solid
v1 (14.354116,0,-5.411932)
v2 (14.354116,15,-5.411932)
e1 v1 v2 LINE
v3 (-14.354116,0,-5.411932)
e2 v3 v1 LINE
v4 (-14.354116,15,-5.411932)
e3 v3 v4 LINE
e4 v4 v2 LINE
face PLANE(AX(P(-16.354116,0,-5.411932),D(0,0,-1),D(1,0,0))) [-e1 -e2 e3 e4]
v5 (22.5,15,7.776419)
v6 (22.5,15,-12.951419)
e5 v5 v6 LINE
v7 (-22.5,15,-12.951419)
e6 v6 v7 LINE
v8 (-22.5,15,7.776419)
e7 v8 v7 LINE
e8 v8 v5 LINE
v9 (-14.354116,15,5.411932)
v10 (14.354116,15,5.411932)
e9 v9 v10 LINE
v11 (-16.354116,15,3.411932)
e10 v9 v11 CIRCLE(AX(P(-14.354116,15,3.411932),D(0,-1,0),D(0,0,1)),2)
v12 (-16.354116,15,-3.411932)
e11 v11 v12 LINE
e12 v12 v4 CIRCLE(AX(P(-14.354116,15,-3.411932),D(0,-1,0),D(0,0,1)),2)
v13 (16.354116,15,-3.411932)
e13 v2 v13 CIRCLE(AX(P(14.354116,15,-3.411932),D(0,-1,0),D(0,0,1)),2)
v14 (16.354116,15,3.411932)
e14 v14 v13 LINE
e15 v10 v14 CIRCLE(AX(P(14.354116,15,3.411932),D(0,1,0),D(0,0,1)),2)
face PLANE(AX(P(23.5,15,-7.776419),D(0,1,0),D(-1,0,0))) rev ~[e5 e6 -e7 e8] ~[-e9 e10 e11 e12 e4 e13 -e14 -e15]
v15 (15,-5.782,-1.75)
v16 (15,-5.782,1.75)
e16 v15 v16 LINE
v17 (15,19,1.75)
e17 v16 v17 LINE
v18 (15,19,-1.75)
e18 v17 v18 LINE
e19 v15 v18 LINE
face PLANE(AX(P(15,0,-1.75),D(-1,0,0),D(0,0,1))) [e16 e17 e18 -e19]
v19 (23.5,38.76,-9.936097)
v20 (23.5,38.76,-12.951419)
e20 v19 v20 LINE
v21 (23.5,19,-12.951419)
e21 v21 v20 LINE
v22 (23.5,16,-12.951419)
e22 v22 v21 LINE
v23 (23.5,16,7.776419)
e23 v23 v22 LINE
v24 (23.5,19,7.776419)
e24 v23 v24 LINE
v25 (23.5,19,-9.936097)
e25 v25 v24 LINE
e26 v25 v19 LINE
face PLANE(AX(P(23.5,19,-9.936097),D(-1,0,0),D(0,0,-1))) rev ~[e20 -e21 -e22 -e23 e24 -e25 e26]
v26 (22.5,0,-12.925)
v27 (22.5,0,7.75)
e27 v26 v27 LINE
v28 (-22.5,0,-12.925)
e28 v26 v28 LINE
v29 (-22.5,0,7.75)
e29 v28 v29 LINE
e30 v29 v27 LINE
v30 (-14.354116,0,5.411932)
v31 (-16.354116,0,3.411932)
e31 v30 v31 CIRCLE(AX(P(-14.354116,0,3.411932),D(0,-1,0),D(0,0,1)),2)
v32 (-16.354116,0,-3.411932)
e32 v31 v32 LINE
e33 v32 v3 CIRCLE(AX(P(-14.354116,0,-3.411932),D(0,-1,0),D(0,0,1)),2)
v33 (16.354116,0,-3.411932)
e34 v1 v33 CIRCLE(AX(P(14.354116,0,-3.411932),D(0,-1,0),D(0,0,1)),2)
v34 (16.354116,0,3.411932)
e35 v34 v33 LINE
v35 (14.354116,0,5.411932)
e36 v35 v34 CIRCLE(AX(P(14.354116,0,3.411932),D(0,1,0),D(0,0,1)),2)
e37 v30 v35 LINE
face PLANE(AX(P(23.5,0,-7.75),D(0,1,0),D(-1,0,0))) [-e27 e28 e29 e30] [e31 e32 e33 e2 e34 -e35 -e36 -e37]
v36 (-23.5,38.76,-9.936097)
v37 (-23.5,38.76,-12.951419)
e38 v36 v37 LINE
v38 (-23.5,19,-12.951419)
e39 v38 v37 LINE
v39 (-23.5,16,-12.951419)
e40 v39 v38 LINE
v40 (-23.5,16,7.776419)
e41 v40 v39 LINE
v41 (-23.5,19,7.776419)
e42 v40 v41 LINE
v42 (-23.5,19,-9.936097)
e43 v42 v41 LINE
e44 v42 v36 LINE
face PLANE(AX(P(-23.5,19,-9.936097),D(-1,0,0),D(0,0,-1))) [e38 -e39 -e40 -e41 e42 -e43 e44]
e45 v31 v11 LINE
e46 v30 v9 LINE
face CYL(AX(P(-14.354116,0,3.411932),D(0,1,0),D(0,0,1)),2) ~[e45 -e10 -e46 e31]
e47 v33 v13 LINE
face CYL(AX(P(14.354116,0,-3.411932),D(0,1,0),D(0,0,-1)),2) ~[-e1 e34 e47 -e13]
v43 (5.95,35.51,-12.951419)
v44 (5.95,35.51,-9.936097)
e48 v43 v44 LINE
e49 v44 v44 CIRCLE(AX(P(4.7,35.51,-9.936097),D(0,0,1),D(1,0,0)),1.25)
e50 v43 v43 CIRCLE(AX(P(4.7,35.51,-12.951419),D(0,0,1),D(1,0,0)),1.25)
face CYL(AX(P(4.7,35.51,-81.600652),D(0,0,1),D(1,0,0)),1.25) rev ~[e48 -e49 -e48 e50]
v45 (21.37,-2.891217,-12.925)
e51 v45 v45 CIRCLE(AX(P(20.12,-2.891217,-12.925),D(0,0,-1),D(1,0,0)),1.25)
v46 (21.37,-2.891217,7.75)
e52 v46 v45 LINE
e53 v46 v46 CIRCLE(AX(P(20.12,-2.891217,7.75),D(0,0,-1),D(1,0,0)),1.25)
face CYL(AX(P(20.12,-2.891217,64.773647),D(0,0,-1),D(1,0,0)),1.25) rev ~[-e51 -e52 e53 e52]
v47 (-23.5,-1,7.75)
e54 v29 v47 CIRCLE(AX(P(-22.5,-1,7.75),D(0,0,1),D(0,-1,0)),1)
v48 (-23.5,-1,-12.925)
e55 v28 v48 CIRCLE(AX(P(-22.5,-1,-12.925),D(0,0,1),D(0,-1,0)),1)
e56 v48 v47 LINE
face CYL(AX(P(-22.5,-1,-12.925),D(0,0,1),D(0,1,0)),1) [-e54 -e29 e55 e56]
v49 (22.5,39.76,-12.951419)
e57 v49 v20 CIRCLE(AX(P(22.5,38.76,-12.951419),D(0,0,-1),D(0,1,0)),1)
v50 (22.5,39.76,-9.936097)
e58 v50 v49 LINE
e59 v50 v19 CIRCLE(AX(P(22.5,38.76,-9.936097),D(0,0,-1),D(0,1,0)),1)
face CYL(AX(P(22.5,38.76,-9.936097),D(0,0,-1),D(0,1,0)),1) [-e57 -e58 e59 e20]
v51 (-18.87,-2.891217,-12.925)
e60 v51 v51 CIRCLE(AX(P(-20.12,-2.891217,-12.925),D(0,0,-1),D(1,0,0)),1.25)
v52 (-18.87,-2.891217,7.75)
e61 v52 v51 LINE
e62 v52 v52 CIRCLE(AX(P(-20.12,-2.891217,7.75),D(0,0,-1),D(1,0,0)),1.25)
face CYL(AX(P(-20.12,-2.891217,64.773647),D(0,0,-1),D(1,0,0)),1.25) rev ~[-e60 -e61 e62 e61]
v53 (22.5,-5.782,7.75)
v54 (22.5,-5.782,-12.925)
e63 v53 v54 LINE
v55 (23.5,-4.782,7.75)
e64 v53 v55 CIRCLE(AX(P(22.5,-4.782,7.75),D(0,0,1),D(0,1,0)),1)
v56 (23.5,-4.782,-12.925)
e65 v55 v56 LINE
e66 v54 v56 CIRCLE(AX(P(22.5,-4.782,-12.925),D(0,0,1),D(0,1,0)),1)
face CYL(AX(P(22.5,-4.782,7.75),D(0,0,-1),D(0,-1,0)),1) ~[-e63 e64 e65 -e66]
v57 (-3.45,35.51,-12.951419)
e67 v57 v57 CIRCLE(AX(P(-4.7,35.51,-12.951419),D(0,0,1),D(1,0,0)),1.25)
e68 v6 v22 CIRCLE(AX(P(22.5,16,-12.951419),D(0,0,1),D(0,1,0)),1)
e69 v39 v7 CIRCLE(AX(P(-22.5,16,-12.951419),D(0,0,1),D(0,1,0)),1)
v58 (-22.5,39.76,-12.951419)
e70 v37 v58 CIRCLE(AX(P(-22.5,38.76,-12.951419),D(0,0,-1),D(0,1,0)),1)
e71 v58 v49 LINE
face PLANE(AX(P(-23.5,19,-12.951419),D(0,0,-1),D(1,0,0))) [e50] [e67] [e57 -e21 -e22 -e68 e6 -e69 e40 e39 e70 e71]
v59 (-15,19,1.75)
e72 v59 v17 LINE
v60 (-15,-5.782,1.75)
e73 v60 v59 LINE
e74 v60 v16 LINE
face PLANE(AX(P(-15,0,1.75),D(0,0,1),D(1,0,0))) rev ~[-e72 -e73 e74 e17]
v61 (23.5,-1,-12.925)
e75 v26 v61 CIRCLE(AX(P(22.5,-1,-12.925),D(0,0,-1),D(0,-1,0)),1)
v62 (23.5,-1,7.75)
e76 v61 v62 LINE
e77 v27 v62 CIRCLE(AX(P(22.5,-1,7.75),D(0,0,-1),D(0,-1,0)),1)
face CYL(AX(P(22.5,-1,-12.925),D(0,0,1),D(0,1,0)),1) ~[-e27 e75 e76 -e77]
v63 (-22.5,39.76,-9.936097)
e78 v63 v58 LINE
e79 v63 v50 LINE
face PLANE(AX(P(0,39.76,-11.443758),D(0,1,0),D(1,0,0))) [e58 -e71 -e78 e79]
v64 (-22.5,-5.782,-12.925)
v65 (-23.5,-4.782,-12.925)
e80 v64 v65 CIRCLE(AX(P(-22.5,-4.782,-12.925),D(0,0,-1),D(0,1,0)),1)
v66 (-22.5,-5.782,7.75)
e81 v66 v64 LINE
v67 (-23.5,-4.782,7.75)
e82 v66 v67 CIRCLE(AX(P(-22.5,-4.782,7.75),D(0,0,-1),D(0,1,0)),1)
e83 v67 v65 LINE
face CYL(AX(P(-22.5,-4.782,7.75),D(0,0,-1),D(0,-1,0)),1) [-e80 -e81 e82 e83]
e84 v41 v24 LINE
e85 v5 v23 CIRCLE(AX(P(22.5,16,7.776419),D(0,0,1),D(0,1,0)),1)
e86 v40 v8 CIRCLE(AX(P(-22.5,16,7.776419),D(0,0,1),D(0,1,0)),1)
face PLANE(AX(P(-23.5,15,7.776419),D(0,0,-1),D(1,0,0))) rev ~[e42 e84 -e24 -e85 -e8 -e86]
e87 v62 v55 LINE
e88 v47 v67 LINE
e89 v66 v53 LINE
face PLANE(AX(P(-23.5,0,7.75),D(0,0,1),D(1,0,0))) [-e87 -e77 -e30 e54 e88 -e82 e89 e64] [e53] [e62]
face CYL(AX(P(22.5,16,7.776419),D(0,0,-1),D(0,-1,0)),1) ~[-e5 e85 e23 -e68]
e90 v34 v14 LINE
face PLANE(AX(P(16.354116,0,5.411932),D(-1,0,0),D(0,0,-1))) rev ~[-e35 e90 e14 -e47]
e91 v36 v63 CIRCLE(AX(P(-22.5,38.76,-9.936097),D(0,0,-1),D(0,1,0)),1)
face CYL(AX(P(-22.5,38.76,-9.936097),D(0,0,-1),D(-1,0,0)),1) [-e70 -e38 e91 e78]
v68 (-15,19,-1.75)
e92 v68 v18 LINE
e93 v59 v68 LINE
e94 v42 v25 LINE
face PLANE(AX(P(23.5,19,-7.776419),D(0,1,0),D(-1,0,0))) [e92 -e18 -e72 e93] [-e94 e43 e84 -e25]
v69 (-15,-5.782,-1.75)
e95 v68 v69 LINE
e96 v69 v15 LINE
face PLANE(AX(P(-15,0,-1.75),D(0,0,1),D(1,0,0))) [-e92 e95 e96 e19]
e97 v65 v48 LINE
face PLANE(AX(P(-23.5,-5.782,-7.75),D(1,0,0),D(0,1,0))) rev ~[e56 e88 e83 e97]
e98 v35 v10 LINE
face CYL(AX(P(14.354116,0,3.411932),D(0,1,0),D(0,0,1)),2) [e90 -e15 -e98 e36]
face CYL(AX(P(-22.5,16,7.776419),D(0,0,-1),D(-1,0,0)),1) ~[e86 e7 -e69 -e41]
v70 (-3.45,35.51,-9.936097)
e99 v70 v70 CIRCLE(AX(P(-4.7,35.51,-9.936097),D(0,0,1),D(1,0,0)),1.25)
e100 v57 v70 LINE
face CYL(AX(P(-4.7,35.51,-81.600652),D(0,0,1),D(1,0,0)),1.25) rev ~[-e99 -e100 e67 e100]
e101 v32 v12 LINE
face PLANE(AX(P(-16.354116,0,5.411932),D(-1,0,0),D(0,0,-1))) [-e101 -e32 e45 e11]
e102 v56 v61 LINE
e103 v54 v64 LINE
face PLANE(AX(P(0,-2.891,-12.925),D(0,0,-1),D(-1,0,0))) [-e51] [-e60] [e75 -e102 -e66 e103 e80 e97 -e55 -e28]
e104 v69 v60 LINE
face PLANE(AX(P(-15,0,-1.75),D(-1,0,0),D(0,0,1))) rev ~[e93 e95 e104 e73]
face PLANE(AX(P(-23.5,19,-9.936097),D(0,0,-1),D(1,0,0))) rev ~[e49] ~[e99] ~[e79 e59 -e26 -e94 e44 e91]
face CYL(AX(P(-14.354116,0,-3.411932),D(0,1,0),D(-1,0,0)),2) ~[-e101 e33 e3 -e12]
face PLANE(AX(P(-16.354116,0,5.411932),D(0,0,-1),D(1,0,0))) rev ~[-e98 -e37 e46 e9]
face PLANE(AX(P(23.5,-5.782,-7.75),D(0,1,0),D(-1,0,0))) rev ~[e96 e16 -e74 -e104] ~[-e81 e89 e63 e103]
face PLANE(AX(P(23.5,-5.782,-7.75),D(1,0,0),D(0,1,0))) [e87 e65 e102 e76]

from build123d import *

# Parameters (mm, degrees)
SKETCH1_W             = 32.708231768
SKETCH1_H             = 10.82386404
SKETCH1_W_2           = 30
SKETCH1_H_2           = 3.5
BOSS_EXTRUDE2_DEPTH   = 15
SKETCH4_W             = 47
SKETCH4_H             = 15.552838856
SKETCH4_W_2           = 30
SKETCH4_H_2           = 3.5
BOSS_EXTRUDE4_DEPTH   = 4
SKETCH7_W             = 47
SKETCH7_H             = 15.5
SKETCH7_W_2           = 30
SKETCH7_H_2           = 3.5
BOSS_EXTRUDE5_DEPTH   = 5.782
SKETCH25_W            = 47
SKETCH25_H            = 5.782
BOSS_EXTRUDE9_DEPTH   = 5.175
M3X0_5_TAPPED_HOLE1_D = 2.5
FILLET5_R             = 2
SKETCH26_W            = 47
SKETCH26_H            = 4
BOSS_EXTRUDE10_DEPTH  = 5.175
SKETCH17_W            = 47
SKETCH17_H            = 3.015322823
BOSS_EXTRUDE7_DEPTH   = 20.76
M3X0_5_TAPPED_HOLE2_D = 2.5
FILLET6_R             = 1
FILLET8_R             = 1
FILLET9_R             = 1
FILLET10_R            = 1


with BuildPart() as part:
    # Sketch1 → Boss-Extrude2 (new body)
    with BuildSketch(Plane(origin=(0, 0, 0), x_dir=(1, 0, 0), z_dir=(0, 1, 0))):
        Rectangle(SKETCH1_W, SKETCH1_H)
        Rectangle(SKETCH1_W_2, SKETCH1_H_2, mode=Mode.SUBTRACT)
    extrude(amount=BOSS_EXTRUDE2_DEPTH)

    # Sketch4 → Boss-Extrude4 (add)
    with BuildSketch(Plane(origin=(0, 15, 0), x_dir=(1, 0, 0), z_dir=(0, 1, 0))):
        Rectangle(SKETCH4_W, SKETCH4_H)
        Rectangle(SKETCH4_W_2, SKETCH4_H_2, mode=Mode.SUBTRACT)
    extrude(amount=BOSS_EXTRUDE4_DEPTH)

    # Sketch7 → Boss-Extrude5 (add)
    with BuildSketch(Plane.XZ):
        Rectangle(SKETCH7_W, SKETCH7_H)
        Rectangle(SKETCH7_W_2, SKETCH7_H_2, mode=Mode.SUBTRACT)
    extrude(amount=BOSS_EXTRUDE5_DEPTH)

    # Sketch25 → Boss-Extrude9 (add)
    with BuildSketch(Plane(origin=(0, 0, -7.75), x_dir=(-1, 0, 0), z_dir=(0, 0, -1))):
        with Locations((0, -2.891)):
            Rectangle(SKETCH25_W, SKETCH25_H)
    extrude(amount=BOSS_EXTRUDE9_DEPTH)

    # M3x0.5 Tapped Hole1 (through all)
    with Locations(Plane(origin=(0, 0, 7.75), x_dir=(-1, 0, 0), z_dir=(0, 0, 1))):
        with Locations((20.12, 2.891216796), (-20.12, 2.891216796)):
            Hole(M3X0_5_TAPPED_HOLE1_D / 2)

    # Fillet5
    fillet5_edges = [part.edges().sort_by_distance(p)[0] for p in [
        (16.354115884, 7.5, 5.41193202),
        (-16.354115884, 7.5, 5.41193202),
        (-16.354115884, 7.5, -5.41193202),
        (16.354115884, 7.5, -5.41193202),
    ]]
    fillet(fillet5_edges, radius=FILLET5_R)

    # Sketch26 → Boss-Extrude10 (add)
    with BuildSketch(Plane(origin=(0, 0, -7.776419428), x_dir=(-1, 0, 0), z_dir=(0, 0, -1))):
        with Locations((0, 17)):
            Rectangle(SKETCH26_W, SKETCH26_H)
    extrude(amount=BOSS_EXTRUDE10_DEPTH)

    # Sketch17 → Boss-Extrude7 (add)
    with BuildSketch(Plane(origin=(0, 19, 0), x_dir=(1, 0, 0), z_dir=(0, 1, 0))):
        with Locations((0, 11.443758017)):
            Rectangle(SKETCH17_W, SKETCH17_H)
    extrude(amount=BOSS_EXTRUDE7_DEPTH)

    # M3x0.5 Tapped Hole2 (through all)
    with Locations(Plane(origin=(0, 0, -12.951419428), x_dir=(-1, 0, 0), z_dir=(0, 0, -1))):
        with Locations((-4.7, 35.51), (4.7, 35.51)):
            Hole(M3X0_5_TAPPED_HOLE2_D / 2)

    # Fillet6
    fillet6_edges = [part.edges().sort_by_distance(p)[0] for p in [
        (-23.5, 39.76, -11.443758016),
    ]]
    fillet(fillet6_edges, radius=FILLET6_R)

    # Fillet8
    fillet8_edges = [part.edges().sort_by_distance(p)[0] for p in [
        (23.5, 39.76, -11.443758016),
        (23.5, -5.782, -2.5875),
        (-23.5, -5.782, -2.5875),
        (23.5, 0, -2.5875),
        (-23.5, 0, -2.5875),
    ]]
    fillet(fillet8_edges, radius=FILLET8_R)

    # Fillet9
    fillet9_edges = [part.edges().sort_by_distance(p)[0] for p in [
        (-23.5, 15, -2.5875),
    ]]
    fillet(fillet9_edges, radius=FILLET9_R)

    # Fillet10
    fillet10_edges = [part.edges().sort_by_distance(p)[0] for p in [
        (23.5, 15, -2.5875),
    ]]
    fillet(fillet10_edges, radius=FILLET10_R)


solid = part.part
